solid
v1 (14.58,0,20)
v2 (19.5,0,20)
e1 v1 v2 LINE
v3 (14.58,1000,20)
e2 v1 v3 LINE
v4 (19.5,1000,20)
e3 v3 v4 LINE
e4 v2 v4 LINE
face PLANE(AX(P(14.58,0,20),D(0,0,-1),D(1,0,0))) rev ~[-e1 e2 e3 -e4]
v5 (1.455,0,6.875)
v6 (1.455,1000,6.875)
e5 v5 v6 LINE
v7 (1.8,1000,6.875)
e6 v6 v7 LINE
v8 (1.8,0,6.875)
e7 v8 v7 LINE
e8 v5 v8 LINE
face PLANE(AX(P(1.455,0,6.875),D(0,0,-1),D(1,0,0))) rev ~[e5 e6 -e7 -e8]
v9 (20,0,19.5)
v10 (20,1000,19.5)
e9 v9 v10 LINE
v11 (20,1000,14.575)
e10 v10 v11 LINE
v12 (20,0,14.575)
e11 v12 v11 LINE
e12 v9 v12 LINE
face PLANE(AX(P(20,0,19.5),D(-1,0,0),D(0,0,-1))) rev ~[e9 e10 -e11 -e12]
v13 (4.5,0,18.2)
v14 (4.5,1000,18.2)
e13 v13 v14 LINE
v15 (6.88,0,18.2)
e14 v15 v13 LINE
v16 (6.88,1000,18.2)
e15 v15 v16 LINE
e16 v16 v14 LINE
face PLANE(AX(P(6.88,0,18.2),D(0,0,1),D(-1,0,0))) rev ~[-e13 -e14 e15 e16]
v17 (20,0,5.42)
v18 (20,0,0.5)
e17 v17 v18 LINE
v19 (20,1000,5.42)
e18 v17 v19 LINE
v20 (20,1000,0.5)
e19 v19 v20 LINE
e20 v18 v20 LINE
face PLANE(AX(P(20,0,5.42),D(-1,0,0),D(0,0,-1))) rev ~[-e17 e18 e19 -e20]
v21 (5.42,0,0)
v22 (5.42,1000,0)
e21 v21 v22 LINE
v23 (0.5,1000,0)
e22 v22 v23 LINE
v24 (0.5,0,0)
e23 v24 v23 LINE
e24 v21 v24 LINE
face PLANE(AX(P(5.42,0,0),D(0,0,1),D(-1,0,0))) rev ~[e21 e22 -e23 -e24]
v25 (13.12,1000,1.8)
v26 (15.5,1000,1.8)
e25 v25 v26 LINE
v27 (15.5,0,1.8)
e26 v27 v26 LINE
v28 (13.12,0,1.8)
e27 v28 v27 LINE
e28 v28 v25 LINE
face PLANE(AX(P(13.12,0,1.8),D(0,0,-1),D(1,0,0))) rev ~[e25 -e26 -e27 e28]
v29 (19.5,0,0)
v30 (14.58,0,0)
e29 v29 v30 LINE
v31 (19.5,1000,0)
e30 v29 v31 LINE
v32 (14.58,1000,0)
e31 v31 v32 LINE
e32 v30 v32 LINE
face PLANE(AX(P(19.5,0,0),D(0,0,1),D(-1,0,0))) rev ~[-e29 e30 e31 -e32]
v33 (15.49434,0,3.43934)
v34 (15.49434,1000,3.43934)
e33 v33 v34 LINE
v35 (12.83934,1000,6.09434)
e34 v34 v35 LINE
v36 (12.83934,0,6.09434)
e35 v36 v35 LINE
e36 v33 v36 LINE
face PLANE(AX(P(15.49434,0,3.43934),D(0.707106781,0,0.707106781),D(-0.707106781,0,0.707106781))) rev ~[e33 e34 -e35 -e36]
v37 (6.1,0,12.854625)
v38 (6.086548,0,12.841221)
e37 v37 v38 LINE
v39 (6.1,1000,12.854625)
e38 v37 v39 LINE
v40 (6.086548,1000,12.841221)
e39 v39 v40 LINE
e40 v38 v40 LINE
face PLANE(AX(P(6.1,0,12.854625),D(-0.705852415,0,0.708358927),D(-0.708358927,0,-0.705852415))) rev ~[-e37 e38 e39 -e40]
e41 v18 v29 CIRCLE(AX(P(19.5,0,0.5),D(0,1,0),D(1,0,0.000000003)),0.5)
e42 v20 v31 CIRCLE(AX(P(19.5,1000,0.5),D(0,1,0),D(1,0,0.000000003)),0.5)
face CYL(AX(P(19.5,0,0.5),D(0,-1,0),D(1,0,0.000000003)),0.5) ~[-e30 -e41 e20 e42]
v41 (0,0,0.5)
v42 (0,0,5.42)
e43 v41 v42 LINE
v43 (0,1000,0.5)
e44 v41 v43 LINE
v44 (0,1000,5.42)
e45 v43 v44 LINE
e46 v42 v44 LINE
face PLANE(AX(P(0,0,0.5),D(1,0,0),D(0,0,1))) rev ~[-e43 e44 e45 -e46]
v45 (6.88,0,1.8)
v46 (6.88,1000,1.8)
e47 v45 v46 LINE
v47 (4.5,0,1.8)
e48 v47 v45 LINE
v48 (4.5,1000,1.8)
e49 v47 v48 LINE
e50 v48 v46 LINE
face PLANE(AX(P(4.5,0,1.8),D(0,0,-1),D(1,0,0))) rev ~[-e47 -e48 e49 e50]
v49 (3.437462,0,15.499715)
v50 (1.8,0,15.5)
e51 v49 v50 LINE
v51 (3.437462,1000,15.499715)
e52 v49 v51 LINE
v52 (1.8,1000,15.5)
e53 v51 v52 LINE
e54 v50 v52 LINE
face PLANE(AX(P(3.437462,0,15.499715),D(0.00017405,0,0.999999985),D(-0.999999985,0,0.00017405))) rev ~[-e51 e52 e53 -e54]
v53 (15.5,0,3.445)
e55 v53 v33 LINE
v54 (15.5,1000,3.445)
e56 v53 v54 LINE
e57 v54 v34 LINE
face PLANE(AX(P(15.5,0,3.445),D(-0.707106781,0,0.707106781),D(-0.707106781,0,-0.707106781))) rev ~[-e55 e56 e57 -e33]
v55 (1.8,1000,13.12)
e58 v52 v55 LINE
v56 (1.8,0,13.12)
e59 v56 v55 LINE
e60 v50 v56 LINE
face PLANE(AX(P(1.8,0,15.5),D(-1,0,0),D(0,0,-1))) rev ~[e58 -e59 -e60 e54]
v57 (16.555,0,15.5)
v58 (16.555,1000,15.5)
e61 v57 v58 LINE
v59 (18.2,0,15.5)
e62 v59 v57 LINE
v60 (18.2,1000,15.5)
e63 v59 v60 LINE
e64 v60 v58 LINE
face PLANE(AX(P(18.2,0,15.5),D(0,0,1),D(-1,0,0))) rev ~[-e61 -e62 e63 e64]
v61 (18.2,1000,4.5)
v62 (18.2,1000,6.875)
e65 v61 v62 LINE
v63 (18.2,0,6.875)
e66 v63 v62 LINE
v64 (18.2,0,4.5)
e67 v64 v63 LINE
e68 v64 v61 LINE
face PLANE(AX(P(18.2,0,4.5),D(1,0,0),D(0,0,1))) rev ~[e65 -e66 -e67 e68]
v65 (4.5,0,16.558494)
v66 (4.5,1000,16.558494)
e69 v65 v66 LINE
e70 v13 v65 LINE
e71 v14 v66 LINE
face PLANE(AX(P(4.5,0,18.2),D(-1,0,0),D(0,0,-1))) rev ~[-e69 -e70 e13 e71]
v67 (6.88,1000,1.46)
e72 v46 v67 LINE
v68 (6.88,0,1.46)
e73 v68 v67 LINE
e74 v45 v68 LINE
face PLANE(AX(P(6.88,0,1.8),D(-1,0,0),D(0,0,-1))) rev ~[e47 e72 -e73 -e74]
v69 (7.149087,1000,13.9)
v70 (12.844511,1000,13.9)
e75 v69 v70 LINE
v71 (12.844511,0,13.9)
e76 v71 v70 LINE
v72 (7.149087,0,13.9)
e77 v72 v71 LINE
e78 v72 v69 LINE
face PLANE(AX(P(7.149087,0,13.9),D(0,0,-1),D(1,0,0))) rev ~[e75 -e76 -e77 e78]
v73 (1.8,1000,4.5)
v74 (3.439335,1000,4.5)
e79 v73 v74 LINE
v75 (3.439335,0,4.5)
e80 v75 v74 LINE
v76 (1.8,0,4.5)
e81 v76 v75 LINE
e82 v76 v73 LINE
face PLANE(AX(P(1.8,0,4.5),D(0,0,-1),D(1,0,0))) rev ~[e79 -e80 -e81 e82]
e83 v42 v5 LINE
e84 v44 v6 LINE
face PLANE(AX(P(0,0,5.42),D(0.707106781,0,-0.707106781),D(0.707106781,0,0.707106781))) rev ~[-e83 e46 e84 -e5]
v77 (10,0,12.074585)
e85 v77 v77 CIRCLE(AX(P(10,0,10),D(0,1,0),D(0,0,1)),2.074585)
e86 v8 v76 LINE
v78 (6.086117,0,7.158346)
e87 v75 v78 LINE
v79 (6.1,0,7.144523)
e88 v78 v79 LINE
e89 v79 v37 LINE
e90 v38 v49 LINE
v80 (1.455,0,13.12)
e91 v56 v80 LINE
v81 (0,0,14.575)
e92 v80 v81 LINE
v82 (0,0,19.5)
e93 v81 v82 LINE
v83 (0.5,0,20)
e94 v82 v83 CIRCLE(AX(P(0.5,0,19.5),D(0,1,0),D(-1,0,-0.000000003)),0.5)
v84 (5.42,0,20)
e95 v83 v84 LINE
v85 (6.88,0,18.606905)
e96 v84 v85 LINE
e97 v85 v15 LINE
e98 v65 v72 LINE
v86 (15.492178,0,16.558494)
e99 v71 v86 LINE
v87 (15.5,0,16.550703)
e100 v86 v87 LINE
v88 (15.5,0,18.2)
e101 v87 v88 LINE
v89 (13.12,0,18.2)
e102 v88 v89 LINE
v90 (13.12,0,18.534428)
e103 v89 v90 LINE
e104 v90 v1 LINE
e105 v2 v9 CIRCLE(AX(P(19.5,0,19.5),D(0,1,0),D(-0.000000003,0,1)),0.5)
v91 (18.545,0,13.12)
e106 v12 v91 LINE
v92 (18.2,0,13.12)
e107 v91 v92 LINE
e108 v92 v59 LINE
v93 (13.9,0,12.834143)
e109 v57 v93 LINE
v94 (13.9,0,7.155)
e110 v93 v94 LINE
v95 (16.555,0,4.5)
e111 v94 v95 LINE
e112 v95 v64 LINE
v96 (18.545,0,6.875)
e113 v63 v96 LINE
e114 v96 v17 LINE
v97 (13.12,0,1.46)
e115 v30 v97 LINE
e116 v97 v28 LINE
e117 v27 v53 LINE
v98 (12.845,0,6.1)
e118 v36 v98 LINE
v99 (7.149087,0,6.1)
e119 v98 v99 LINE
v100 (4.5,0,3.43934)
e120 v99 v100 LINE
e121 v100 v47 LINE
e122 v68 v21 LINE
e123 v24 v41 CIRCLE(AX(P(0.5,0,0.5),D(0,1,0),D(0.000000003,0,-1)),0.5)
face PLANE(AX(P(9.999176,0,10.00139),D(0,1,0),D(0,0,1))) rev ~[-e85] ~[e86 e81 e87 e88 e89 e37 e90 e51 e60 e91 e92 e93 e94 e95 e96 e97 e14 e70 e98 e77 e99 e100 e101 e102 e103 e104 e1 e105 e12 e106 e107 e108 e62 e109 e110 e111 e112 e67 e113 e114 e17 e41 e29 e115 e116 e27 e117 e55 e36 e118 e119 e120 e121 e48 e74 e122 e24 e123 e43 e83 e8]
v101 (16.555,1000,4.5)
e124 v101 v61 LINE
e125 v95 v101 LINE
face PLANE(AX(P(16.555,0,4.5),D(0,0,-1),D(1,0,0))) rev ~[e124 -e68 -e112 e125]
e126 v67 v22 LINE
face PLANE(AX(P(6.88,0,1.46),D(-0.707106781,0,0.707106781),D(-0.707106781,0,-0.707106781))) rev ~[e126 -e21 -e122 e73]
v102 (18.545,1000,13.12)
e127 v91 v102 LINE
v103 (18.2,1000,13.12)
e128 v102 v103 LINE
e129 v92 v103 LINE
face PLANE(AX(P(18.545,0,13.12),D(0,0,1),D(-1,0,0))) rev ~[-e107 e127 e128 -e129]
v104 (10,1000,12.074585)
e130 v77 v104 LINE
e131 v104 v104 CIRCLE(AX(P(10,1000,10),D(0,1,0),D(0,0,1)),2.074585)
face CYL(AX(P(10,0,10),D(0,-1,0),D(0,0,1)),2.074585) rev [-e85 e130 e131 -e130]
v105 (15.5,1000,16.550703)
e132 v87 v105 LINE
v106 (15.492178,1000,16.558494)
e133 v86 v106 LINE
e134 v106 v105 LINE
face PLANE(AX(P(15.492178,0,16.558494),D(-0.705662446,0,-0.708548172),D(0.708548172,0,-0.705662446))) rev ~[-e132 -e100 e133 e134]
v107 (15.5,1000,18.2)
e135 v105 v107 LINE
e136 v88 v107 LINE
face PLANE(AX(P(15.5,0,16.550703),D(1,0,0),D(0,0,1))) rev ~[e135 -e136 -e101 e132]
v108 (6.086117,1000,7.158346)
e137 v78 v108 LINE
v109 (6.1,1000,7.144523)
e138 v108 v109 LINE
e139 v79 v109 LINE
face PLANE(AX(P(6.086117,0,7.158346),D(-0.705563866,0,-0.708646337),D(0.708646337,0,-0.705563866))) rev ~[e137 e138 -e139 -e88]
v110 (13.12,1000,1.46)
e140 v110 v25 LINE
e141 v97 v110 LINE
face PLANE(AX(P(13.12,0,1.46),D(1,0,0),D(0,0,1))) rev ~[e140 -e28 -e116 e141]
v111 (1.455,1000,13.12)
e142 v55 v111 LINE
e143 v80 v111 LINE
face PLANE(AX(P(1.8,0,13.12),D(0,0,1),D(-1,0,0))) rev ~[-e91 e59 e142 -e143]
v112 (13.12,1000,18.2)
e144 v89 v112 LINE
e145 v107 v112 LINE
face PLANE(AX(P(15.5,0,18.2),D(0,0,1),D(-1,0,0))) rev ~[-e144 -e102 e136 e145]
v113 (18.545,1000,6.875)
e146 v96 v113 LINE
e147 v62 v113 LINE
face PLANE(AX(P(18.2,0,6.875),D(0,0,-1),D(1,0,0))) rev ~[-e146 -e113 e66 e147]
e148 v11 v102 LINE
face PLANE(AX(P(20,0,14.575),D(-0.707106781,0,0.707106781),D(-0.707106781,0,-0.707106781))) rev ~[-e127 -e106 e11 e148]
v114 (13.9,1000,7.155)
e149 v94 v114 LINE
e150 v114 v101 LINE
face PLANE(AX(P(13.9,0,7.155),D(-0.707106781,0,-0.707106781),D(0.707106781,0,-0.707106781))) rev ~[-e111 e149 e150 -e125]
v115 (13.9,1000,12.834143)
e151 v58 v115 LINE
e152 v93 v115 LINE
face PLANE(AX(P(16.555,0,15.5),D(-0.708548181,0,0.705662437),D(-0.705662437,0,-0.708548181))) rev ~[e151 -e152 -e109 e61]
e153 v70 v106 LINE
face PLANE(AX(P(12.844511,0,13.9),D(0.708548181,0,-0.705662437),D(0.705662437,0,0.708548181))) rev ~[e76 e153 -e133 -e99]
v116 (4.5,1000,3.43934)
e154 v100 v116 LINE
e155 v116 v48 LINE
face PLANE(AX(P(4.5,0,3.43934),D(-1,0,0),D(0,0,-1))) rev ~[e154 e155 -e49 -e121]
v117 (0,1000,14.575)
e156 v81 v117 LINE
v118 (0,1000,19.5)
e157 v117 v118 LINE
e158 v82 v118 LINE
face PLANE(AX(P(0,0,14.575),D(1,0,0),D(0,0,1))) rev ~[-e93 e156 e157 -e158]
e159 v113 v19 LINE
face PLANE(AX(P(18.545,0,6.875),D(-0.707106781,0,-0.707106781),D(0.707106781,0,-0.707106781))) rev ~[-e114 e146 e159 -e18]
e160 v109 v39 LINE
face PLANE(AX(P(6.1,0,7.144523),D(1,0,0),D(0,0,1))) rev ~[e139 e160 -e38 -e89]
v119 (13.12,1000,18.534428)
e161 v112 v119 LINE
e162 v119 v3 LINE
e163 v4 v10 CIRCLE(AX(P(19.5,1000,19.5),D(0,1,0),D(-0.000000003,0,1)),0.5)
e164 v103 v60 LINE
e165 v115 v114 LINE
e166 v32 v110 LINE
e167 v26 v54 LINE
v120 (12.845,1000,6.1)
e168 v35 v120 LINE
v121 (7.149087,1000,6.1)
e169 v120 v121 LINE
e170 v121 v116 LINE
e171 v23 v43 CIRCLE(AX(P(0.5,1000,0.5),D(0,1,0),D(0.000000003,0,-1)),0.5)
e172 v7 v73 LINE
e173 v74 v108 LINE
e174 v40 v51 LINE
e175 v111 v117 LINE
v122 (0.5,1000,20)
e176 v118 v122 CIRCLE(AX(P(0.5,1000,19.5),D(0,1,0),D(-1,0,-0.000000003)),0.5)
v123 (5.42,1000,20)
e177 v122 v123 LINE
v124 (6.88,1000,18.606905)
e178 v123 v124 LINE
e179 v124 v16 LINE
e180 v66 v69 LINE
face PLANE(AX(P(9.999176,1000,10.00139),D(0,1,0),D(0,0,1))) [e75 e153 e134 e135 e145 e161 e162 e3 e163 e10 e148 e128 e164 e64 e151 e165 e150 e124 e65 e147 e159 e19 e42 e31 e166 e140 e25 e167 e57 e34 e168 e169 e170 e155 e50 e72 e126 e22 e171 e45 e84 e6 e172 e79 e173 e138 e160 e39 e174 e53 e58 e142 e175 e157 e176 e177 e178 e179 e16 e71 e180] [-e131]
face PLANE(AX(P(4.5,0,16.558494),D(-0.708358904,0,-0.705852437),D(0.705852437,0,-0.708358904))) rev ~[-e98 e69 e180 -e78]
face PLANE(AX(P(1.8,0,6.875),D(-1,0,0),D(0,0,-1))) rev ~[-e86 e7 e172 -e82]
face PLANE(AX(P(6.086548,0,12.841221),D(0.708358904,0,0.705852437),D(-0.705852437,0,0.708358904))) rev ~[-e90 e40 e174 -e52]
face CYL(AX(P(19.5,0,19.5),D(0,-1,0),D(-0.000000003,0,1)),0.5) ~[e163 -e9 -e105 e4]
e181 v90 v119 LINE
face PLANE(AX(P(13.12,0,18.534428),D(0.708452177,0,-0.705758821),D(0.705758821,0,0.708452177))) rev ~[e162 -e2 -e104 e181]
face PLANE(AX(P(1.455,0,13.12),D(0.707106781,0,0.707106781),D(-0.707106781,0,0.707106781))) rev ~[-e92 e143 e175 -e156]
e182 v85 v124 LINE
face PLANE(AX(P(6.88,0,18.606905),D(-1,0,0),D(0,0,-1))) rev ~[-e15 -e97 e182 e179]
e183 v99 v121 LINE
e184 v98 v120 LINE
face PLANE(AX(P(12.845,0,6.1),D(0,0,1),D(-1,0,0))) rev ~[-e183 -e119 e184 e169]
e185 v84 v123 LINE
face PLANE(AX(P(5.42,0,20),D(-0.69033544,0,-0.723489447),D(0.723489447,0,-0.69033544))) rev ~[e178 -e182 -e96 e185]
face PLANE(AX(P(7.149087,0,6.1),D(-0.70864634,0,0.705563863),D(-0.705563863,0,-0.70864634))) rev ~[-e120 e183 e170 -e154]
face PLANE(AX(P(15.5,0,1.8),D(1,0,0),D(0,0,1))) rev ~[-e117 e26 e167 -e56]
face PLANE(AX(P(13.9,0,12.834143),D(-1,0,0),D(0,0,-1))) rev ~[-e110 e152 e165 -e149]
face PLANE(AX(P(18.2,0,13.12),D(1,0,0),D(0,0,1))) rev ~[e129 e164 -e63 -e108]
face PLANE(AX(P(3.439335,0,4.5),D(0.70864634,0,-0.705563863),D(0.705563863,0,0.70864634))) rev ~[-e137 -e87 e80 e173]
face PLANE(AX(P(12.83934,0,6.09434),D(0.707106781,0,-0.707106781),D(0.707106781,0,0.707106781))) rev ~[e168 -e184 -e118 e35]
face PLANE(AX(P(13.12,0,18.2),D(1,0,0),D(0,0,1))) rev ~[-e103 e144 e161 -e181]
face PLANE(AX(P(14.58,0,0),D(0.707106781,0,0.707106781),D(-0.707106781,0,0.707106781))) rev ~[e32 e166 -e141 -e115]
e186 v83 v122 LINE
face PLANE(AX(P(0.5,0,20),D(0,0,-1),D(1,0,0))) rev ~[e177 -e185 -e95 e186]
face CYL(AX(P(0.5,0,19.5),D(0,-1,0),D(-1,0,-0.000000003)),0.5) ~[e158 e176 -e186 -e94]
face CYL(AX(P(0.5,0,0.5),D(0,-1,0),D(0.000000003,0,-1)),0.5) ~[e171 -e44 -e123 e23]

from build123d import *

# Parameters (mm, degrees)
SKETCH2_R              = 2.074585303
VSLOT2020_2020_5_DEPTH = 1000


with BuildPart() as part:
    # Sketch2 → Vslot2020 2020(5) (new body)
    with BuildSketch(Plane.ZX):
        with BuildLine():
            Line((13.9, 7.149086807), (13.9, 12.844511469))
            Line((13.9, 12.844511469), (16.558493656, 15.492177728))
            Line((16.558493656, 15.492177728), (16.550703242, 15.5))
            Line((16.550703242, 15.5), (18.2, 15.5))
            Line((18.2, 15.5), (18.2, 13.12))
            Line((18.2, 13.12), (18.534428266, 13.12))
            Line((18.534428266, 13.12), (20, 14.58))
            Line((20, 14.58), (20, 19.5))
            ThreePointArc((20, 19.5), (19.853553391, 19.853553391), (19.5, 20))
            Line((19.5, 20), (14.575, 20))
            Line((14.575, 20), (13.12, 18.545))
            Line((13.12, 18.545), (13.12, 18.2))
            Line((13.12, 18.2), (15.5, 18.2))
            Line((15.5, 18.2), (15.5, 16.555))
            Line((15.5, 16.555), (12.834142613, 13.9))
            Line((12.834142613, 13.9), (7.155, 13.9))
            Line((7.155, 13.9), (4.5, 16.555))
            Line((4.5, 16.555), (4.5, 18.2))
            Line((4.5, 18.2), (6.875, 18.2))
            Line((6.875, 18.2), (6.875, 18.545))
            Line((6.875, 18.545), (5.42, 20))
            Line((5.42, 20), (0.5, 20))
            ThreePointArc((0.5, 20), (0.146446609, 19.853553391), (0, 19.5))
            Line((0, 19.5), (0, 14.58))
            Line((0, 14.58), (1.46, 13.12))
            Line((1.46, 13.12), (1.8, 13.12))
            Line((1.8, 13.12), (1.8, 15.5))
            Line((1.8, 15.5), (3.445, 15.5))
            Line((3.445, 15.5), (3.439339828, 15.494339828))
            Line((3.439339828, 15.494339828), (6.094339828, 12.839339828))
            Line((6.094339828, 12.839339828), (6.1, 12.845))
            Line((6.1, 12.845), (6.1, 7.149086807))
            Line((6.1, 7.149086807), (3.439339828, 4.5))
            Line((3.439339828, 4.5), (1.8, 4.5))
            Line((1.8, 4.5), (1.8, 6.88))
            Line((1.8, 6.88), (1.46, 6.88))
            Line((1.46, 6.88), (0, 5.42))
            Line((0, 5.42), (0, 0.5))
            ThreePointArc((0, 0.5), (0.146446609, 0.146446609), (0.5, 0))
            Line((0.5, 0), (5.42, 0))
            Line((5.42, 0), (6.875, 1.455))
            Line((6.875, 1.455), (6.875, 1.8))
            Line((6.875, 1.8), (4.5, 1.8))
            Line((4.5, 1.8), (4.5, 3.4393348))
            Line((4.5, 3.4393348), (7.158345795, 6.086117297))
            Line((7.158345795, 6.086117297), (7.144523479, 6.1))
            Line((7.144523479, 6.1), (12.854625295, 6.1))
            Line((12.854625295, 6.1), (12.841221344, 6.086548451))
            Line((12.841221344, 6.086548451), (15.499715, 3.437461644))
            Line((15.499715, 3.437461644), (15.5, 1.8))
            Line((15.5, 1.8), (13.12, 1.8))
            Line((13.12, 1.8), (13.12, 1.455))
            Line((13.12, 1.455), (14.575, 0))
            Line((14.575, 0), (19.5, 0))
            ThreePointArc((19.5, 0), (19.853553391, 0.146446609), (20, 0.5))
            Line((20, 0.5), (20, 5.42))
            Line((20, 5.42), (18.606904708, 6.88))
            Line((18.606904708, 6.88), (18.2, 6.88))
            Line((18.2, 6.88), (18.2, 4.5))
            Line((18.2, 4.5), (16.558493656, 4.5))
            Line((16.558493656, 4.5), (13.9, 7.149086807))
        make_face()
        with Locations((10, 10)):
            Circle(SKETCH2_R, mode=Mode.SUBTRACT)
    extrude(amount=VSLOT2020_2020_5_DEPTH)


solid = part.part
